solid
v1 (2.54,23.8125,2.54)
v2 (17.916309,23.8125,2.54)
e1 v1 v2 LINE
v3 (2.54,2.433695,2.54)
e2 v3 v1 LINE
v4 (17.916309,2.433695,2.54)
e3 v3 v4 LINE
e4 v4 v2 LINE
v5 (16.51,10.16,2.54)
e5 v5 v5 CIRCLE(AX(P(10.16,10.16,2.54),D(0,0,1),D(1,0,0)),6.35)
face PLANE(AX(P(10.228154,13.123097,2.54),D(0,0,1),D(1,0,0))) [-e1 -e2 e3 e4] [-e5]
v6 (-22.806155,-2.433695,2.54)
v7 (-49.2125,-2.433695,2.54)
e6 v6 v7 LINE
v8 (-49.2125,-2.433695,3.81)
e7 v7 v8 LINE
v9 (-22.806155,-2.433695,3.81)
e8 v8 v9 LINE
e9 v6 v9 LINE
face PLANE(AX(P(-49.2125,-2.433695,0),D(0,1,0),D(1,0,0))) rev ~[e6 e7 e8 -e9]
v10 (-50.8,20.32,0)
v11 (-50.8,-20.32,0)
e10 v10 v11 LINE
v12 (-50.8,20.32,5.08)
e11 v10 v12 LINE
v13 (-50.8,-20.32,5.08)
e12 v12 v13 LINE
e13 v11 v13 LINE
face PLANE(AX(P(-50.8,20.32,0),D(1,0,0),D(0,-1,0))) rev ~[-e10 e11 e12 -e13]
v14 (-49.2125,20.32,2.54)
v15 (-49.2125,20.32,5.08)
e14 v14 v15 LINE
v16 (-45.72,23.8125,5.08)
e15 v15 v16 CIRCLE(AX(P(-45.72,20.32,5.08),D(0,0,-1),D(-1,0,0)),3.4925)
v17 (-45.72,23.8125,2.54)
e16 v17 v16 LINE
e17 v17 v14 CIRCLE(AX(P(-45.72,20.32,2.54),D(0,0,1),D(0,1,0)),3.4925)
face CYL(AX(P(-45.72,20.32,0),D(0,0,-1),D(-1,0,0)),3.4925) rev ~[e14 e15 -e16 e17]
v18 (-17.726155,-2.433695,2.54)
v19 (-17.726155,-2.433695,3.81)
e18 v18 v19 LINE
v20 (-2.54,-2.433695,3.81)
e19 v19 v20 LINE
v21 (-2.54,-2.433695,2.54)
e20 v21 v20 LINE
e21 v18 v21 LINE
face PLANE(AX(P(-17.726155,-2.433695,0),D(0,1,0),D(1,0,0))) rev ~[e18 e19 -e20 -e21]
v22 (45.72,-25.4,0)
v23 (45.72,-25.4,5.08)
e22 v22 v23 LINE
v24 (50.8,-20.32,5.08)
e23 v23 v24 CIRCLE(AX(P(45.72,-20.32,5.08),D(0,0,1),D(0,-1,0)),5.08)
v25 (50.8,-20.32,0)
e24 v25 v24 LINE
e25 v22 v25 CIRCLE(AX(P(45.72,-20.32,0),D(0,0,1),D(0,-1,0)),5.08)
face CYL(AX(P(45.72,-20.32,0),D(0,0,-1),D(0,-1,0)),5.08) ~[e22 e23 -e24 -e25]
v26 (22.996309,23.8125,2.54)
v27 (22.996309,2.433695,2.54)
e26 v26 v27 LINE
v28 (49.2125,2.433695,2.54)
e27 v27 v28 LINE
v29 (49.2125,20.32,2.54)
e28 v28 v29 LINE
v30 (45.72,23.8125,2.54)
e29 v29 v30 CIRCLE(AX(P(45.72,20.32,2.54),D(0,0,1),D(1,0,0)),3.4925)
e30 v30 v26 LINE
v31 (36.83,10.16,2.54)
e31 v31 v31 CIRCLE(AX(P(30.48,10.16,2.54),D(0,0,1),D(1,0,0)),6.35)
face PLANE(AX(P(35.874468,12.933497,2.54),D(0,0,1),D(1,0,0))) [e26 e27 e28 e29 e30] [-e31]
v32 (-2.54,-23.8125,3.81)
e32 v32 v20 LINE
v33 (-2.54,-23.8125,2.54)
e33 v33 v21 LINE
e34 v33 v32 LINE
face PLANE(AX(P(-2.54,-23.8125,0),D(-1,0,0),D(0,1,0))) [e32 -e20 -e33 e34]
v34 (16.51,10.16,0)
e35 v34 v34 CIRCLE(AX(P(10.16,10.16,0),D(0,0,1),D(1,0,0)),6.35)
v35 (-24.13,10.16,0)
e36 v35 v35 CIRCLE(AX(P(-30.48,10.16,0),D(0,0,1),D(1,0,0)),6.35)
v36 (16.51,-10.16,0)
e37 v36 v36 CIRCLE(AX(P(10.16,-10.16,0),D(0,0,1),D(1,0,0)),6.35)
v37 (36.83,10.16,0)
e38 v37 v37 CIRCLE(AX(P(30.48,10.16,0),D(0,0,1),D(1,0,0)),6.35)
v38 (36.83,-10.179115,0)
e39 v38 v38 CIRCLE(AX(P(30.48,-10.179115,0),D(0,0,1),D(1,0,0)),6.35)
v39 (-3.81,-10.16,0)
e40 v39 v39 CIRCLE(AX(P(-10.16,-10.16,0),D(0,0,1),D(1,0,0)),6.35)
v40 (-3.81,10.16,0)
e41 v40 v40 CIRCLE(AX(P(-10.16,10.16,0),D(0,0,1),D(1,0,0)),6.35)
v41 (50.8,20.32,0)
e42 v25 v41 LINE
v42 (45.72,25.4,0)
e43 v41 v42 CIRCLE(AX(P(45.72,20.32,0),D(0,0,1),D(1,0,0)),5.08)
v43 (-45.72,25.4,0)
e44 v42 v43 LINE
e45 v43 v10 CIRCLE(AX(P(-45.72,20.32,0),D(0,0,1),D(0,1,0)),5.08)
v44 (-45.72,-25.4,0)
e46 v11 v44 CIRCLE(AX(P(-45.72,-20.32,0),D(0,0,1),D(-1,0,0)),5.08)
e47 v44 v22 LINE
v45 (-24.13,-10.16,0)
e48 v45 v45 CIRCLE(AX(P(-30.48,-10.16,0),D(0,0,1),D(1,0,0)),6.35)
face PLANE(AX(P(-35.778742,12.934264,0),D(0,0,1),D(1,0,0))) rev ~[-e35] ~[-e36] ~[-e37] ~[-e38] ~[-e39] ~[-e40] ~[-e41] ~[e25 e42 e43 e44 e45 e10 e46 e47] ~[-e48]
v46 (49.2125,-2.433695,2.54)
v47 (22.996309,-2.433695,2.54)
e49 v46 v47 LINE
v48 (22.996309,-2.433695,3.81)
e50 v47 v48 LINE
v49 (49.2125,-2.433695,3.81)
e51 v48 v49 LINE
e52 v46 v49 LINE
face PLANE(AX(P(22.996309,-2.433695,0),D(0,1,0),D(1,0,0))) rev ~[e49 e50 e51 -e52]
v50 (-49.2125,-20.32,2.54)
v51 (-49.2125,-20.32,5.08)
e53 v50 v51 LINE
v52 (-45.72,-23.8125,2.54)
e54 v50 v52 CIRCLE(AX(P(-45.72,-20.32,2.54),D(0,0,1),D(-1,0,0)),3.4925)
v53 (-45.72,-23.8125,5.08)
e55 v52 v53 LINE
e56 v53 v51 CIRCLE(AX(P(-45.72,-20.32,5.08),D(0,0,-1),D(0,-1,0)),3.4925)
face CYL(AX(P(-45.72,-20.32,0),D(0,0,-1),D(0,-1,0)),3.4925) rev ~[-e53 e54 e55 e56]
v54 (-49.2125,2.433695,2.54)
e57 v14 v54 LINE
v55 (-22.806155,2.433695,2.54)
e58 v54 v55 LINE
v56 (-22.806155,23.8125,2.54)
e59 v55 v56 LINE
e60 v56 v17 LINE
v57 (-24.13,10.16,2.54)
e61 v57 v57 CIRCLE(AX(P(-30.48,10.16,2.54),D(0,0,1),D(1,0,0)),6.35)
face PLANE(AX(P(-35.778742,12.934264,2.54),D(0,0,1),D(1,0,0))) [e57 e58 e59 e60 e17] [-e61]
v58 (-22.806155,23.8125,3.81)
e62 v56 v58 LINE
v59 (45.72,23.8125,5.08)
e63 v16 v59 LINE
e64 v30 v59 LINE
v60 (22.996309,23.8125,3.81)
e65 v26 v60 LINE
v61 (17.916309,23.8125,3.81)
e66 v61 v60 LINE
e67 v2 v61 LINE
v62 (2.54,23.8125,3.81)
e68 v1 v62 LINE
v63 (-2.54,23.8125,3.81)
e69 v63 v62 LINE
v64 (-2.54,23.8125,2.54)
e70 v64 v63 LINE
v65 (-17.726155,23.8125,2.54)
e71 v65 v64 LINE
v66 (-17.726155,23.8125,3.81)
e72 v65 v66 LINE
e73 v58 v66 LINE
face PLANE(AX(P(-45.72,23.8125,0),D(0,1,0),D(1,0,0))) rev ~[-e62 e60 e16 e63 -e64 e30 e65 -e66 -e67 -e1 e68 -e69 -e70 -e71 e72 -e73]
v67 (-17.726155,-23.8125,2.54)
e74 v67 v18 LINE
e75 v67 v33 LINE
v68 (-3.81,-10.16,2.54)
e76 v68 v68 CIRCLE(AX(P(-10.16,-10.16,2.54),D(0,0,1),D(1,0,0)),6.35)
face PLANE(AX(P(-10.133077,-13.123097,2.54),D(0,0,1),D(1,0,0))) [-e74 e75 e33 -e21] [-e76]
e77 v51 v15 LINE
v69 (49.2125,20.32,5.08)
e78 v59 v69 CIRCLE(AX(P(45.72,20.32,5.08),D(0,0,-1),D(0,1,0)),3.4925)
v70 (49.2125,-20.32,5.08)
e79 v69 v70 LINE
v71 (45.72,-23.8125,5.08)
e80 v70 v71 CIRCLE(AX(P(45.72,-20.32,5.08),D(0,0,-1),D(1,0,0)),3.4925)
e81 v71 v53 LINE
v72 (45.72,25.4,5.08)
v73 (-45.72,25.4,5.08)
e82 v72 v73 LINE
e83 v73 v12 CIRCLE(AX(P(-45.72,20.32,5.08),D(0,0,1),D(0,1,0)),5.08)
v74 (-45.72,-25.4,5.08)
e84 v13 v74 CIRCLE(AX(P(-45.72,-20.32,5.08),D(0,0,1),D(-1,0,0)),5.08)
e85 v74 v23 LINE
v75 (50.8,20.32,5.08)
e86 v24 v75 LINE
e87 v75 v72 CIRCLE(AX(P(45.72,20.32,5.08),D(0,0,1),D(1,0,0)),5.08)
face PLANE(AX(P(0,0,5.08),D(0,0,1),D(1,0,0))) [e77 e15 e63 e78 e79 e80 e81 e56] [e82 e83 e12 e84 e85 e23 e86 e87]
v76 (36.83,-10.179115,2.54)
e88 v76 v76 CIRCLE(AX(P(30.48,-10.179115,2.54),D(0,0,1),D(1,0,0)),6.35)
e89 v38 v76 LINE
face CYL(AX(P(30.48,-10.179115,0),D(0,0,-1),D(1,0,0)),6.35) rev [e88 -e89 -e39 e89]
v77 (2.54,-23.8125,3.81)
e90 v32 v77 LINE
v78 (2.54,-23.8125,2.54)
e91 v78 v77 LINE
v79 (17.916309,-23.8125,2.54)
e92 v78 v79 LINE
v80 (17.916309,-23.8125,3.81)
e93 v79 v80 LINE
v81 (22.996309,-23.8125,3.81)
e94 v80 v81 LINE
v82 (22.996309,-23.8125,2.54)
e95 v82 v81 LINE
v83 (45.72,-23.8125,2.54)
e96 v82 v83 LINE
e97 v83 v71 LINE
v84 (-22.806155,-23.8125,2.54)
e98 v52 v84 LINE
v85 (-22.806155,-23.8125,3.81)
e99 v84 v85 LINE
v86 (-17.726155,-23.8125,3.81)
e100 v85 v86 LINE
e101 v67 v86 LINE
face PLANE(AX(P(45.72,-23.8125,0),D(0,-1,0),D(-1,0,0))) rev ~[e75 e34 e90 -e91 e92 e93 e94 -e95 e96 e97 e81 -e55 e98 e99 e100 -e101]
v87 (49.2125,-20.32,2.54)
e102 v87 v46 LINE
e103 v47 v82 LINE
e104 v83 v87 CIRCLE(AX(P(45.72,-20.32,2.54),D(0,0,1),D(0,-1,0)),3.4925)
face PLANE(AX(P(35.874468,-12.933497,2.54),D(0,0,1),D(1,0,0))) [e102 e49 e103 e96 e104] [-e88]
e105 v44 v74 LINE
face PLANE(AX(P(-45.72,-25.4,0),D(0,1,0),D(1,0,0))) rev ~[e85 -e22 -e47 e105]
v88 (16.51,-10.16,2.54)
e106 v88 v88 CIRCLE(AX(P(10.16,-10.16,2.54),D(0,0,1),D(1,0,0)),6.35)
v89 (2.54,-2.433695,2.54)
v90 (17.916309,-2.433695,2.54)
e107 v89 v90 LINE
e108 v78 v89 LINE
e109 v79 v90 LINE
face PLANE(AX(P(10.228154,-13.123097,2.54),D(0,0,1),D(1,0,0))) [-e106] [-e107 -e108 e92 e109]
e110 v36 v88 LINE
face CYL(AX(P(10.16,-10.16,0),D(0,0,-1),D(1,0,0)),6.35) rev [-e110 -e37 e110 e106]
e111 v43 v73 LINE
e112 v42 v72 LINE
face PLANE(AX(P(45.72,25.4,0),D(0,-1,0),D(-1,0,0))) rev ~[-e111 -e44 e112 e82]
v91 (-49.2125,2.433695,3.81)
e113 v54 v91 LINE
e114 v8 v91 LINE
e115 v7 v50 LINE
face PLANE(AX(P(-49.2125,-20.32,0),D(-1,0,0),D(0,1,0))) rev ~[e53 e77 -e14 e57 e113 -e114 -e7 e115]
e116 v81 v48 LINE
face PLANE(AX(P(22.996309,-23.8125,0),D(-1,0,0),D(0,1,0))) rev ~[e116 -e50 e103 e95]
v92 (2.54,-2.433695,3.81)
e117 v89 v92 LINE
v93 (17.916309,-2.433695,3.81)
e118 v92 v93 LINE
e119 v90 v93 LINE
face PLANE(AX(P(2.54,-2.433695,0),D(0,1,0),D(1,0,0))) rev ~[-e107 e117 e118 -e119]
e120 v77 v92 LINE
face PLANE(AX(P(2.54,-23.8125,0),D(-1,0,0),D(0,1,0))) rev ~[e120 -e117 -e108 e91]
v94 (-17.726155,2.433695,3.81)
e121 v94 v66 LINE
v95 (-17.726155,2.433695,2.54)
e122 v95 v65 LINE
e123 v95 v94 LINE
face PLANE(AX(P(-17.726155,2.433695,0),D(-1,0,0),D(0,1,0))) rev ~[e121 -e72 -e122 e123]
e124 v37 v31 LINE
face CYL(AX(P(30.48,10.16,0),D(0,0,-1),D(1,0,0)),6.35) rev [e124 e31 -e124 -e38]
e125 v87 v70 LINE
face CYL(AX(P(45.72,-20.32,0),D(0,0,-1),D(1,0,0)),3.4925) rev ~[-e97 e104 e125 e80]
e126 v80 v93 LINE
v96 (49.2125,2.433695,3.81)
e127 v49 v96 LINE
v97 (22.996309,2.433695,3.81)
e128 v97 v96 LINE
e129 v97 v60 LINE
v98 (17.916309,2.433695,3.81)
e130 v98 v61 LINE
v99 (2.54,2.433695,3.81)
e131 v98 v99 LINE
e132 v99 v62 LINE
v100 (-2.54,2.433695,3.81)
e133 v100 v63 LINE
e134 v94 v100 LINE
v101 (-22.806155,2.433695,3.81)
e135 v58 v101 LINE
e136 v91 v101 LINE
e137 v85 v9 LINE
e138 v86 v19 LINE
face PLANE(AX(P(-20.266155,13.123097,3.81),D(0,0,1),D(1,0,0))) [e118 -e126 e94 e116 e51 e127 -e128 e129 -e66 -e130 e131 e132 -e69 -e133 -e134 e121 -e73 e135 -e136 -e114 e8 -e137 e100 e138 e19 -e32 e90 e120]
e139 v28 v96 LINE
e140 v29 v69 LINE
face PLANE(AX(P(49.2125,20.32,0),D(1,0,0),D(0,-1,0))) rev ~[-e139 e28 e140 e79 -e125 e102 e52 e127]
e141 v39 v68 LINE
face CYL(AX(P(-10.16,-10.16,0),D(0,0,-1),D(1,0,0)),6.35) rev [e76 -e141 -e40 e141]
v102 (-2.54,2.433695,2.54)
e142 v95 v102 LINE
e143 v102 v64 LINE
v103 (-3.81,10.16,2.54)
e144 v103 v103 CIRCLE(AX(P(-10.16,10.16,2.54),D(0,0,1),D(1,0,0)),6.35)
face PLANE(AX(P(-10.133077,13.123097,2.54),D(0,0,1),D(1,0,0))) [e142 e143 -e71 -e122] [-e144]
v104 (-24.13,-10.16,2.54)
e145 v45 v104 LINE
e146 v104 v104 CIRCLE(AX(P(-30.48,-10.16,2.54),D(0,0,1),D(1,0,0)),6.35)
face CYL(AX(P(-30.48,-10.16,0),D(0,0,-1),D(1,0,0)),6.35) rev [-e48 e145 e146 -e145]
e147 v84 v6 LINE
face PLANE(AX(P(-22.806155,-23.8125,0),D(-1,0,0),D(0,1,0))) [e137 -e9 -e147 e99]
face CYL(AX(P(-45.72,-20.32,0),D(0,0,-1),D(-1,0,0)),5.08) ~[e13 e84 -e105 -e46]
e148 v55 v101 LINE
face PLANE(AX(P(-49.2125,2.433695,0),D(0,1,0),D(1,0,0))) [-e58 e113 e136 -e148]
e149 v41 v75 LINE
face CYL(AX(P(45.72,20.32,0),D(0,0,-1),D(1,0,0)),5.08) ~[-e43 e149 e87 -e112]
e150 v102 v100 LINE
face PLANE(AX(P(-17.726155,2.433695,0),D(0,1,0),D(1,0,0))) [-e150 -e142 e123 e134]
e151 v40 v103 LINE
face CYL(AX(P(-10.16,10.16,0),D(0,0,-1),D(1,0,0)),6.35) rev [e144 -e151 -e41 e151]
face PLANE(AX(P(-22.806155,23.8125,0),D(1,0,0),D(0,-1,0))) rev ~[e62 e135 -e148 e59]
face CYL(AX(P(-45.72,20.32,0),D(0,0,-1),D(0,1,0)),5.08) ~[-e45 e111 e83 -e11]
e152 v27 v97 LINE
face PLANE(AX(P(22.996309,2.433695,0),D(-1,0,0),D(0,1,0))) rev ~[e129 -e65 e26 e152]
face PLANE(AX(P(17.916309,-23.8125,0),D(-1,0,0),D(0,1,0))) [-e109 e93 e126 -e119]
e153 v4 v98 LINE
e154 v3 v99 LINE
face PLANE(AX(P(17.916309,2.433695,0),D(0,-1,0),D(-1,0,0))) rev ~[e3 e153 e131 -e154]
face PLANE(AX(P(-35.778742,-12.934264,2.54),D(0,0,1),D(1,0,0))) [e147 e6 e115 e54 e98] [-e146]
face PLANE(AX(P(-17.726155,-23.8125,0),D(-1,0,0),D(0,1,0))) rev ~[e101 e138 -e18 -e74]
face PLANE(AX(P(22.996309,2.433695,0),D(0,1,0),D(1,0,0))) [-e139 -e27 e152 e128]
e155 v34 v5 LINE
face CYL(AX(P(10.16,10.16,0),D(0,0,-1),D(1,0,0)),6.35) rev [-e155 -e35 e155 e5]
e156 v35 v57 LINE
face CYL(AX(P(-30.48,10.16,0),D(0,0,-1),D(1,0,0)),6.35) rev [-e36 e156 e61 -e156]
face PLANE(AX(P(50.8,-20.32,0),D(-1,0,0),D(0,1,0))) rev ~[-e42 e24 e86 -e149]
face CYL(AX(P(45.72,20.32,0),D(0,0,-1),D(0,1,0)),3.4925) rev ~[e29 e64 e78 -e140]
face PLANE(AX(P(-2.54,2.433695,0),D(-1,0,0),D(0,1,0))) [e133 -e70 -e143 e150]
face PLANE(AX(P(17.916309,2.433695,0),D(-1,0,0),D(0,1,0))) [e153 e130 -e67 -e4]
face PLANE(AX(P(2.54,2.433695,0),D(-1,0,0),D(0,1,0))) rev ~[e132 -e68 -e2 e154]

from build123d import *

# Parameters (mm, degrees)
F1_DEPTH = 5.08
F0_W     = 5.08
F0_H     = 21.3788050804
F0_H_2   = 4.8673898391
F0_W_2   = 26.406345436
F0_W_3   = 15.186154564
F0_W_4   = 15.3763087159
F0_W_5   = 26.2161912841
F2_DEPTH = 3.81
F0_R     = 6.35
F3_DEPTH = 2.54


with BuildPart() as f1:
    # F0 (on Top) → F1 (new body)
    with BuildSketch(Plane.XY):
        with BuildLine():
            ThreePointArc((-50.8, -20.32), (-49.3121024484, -23.9121024484), (-45.72, -25.4))
            Line((-45.72, -25.4), (45.72, -25.4))
            ThreePointArc((45.72, -25.4), (49.3121024484, -23.9121024484), (50.8, -20.32))
            Line((50.8, -20.32), (50.8, 20.32))
            ThreePointArc((50.8, 20.32), (49.3121024484, 23.9121024484), (45.72, 25.4))
            Line((45.72, 25.4), (-45.72, 25.4))
            ThreePointArc((-45.72, 25.4), (-49.3121024484, 23.9121024484), (-50.8, 20.32))
            Line((-50.8, 20.32), (-50.8, -20.32))
        make_face()
        with BuildLine():
            ThreePointArc((-49.2125, 20.32), (-48.1895704333, 22.7895704333), (-45.72, 23.8125))
            Line((-45.72, 23.8125), (-22.806154564, 23.8125))
            Line((-22.806154564, 23.8125), (-17.726154564, 23.8125))
            Line((-17.726154564, 23.8125), (-2.54, 23.8125))
            Line((-2.54, 23.8125), (2.54, 23.8125))
            Line((2.54, 23.8125), (17.9163087159, 23.8125))
            Line((17.9163087159, 23.8125), (22.9963087159, 23.8125))
            Line((22.9963087159, 23.8125), (45.72, 23.8125))
            ThreePointArc((45.72, 23.8125), (48.1895704333, 22.7895704333), (49.2125, 20.32))
            Line((49.2125, 20.32), (49.2125, 2.4336949196))
            Line((49.2125, 2.4336949196), (49.2125, -2.4336949196))
            Line((49.2125, -2.4336949196), (49.2125, -20.32))
            ThreePointArc((49.2125, -20.32), (48.1895704333, -22.7895704333), (45.72, -23.8125))
            Line((45.72, -23.8125), (22.9963087159, -23.8125))
            Line((22.9963087159, -23.8125), (17.9163087159, -23.8125))
            Line((17.9163087159, -23.8125), (2.54, -23.8125))
            Line((2.54, -23.8125), (-2.54, -23.8125))
            Line((-2.54, -23.8125), (-17.726154564, -23.8125))
            Line((-17.726154564, -23.8125), (-22.806154564, -23.8125))
            Line((-22.806154564, -23.8125), (-45.72, -23.8125))
            ThreePointArc((-45.72, -23.8125), (-48.1895704333, -22.7895704333), (-49.2125, -20.32))
            Line((-49.2125, -20.32), (-49.2125, -2.4336949196))
            Line((-49.2125, -2.4336949196), (-49.2125, 2.4336949196))
            Line((-49.2125, 2.4336949196), (-49.2125, 20.32))
        make_face(mode=Mode.SUBTRACT)
    extrude(amount=F1_DEPTH)

    # F0 (on Top) → F2 (join)
    with BuildSketch(Plane.XY):
        with Locations((-20.266154564, 13.1230974598)):
            Rectangle(F0_W, F0_H)
        with Locations((-20.266154564, 0)):
            Rectangle(F0_W, F0_H_2)
        with Locations((-36.009327282, 0)):
            Rectangle(F0_W_2, F0_H_2)
        with Locations((-20.266154564, -13.1230974598)):
            Rectangle(F0_W, F0_H)
        with Locations((-10.133077282, 0)):
            Rectangle(F0_W_3, F0_H_2)
        with Locations((0, 13.1230974598)):
            Rectangle(F0_W, F0_H)
        with Locations((0, -13.1230974598)):
            Rectangle(F0_W, F0_H)
        Rectangle(F0_W, F0_H_2)
        with Locations((10.228154358, 0)):
            Rectangle(F0_W_4, F0_H_2)
        with Locations((20.4563087159, 0)):
            Rectangle(F0_W, F0_H_2)
        with Locations((20.4563087159, 13.1230974598)):
            Rectangle(F0_W, F0_H)
        with Locations((20.4563087159, -13.1230974598)):
            Rectangle(F0_W, F0_H)
        with Locations((36.104404358, 0)):
            Rectangle(F0_W_5, F0_H_2)
    extrude(amount=F2_DEPTH)

    # F0 (on Top) → F3 (join)
    with BuildSketch(Plane.XY):
        with BuildLine():
            Line((-22.806154564, 23.8125), (-45.72, 23.8125))
            ThreePointArc((-45.72, 23.8125), (-48.1895704333, 22.7895704333), (-49.2125, 20.32))
            Line((-49.2125, 20.32), (-49.2125, 2.4336949196))
            Line((-49.2125, 2.4336949196), (-22.806154564, 2.4336949196))
            Line((-22.806154564, 2.4336949196), (-22.806154564, 23.8125))
        make_face()
        with Locations((-30.48, 10.16)):
            Circle(F0_R, mode=Mode.SUBTRACT)
        with Locations((-10.133077282, 13.1230974598)):
            Rectangle(F0_W_3, F0_H)
        with Locations((-10.16, 10.16)):
            Circle(F0_R, mode=Mode.SUBTRACT)
        with Locations((10.228154358, 13.1230974598)):
            Rectangle(F0_W_4, F0_H)
        with Locations((10.16, 10.16)):
            Circle(F0_R, mode=Mode.SUBTRACT)
        with BuildLine():
            Line((45.72, 23.8125), (22.9963087159, 23.8125))
            Line((22.9963087159, 23.8125), (22.9963087159, 2.4336949196))
            Line((22.9963087159, 2.4336949196), (49.2125, 2.4336949196))
            Line((49.2125, 2.4336949196), (49.2125, 20.32))
            ThreePointArc((49.2125, 20.32), (48.1895704333, 22.7895704333), (45.72, 23.8125))
        make_face()
        with Locations((30.48, 10.16)):
            Circle(F0_R, mode=Mode.SUBTRACT)
        with BuildLine():
            Line((49.2125, -2.4336949196), (22.9963087159, -2.4336949196))
            Line((22.9963087159, -2.4336949196), (22.9963087159, -23.8125))
            Line((22.9963087159, -23.8125), (45.72, -23.8125))
            ThreePointArc((45.72, -23.8125), (48.1895704333, -22.7895704333), (49.2125, -20.32))
            Line((49.2125, -20.32), (49.2125, -2.4336949196))
        make_face()
        with Locations((30.48, -10.179114528)):
            Circle(F0_R, mode=Mode.SUBTRACT)
        with Locations((10.228154358, -13.1230974598)):
            Rectangle(F0_W_4, F0_H)
        with Locations((10.16, -10.16)):
            Circle(F0_R, mode=Mode.SUBTRACT)
        with Locations((-10.133077282, -13.1230974598)):
            Rectangle(F0_W_3, F0_H)
        with Locations((-10.16, -10.16)):
            Circle(F0_R, mode=Mode.SUBTRACT)
        with BuildLine():
            Line((-22.806154564, -2.4336949196), (-49.2125, -2.4336949196))
            Line((-49.2125, -2.4336949196), (-49.2125, -20.32))
            ThreePointArc((-49.2125, -20.32), (-48.1895704333, -22.7895704333), (-45.72, -23.8125))
            Line((-45.72, -23.8125), (-22.806154564, -23.8125))
            Line((-22.806154564, -23.8125), (-22.806154564, -2.4336949196))
        make_face()
        with Locations((-30.48, -10.16)):
            Circle(F0_R, mode=Mode.SUBTRACT)
    extrude(amount=F3_DEPTH)


solid = f1.part
